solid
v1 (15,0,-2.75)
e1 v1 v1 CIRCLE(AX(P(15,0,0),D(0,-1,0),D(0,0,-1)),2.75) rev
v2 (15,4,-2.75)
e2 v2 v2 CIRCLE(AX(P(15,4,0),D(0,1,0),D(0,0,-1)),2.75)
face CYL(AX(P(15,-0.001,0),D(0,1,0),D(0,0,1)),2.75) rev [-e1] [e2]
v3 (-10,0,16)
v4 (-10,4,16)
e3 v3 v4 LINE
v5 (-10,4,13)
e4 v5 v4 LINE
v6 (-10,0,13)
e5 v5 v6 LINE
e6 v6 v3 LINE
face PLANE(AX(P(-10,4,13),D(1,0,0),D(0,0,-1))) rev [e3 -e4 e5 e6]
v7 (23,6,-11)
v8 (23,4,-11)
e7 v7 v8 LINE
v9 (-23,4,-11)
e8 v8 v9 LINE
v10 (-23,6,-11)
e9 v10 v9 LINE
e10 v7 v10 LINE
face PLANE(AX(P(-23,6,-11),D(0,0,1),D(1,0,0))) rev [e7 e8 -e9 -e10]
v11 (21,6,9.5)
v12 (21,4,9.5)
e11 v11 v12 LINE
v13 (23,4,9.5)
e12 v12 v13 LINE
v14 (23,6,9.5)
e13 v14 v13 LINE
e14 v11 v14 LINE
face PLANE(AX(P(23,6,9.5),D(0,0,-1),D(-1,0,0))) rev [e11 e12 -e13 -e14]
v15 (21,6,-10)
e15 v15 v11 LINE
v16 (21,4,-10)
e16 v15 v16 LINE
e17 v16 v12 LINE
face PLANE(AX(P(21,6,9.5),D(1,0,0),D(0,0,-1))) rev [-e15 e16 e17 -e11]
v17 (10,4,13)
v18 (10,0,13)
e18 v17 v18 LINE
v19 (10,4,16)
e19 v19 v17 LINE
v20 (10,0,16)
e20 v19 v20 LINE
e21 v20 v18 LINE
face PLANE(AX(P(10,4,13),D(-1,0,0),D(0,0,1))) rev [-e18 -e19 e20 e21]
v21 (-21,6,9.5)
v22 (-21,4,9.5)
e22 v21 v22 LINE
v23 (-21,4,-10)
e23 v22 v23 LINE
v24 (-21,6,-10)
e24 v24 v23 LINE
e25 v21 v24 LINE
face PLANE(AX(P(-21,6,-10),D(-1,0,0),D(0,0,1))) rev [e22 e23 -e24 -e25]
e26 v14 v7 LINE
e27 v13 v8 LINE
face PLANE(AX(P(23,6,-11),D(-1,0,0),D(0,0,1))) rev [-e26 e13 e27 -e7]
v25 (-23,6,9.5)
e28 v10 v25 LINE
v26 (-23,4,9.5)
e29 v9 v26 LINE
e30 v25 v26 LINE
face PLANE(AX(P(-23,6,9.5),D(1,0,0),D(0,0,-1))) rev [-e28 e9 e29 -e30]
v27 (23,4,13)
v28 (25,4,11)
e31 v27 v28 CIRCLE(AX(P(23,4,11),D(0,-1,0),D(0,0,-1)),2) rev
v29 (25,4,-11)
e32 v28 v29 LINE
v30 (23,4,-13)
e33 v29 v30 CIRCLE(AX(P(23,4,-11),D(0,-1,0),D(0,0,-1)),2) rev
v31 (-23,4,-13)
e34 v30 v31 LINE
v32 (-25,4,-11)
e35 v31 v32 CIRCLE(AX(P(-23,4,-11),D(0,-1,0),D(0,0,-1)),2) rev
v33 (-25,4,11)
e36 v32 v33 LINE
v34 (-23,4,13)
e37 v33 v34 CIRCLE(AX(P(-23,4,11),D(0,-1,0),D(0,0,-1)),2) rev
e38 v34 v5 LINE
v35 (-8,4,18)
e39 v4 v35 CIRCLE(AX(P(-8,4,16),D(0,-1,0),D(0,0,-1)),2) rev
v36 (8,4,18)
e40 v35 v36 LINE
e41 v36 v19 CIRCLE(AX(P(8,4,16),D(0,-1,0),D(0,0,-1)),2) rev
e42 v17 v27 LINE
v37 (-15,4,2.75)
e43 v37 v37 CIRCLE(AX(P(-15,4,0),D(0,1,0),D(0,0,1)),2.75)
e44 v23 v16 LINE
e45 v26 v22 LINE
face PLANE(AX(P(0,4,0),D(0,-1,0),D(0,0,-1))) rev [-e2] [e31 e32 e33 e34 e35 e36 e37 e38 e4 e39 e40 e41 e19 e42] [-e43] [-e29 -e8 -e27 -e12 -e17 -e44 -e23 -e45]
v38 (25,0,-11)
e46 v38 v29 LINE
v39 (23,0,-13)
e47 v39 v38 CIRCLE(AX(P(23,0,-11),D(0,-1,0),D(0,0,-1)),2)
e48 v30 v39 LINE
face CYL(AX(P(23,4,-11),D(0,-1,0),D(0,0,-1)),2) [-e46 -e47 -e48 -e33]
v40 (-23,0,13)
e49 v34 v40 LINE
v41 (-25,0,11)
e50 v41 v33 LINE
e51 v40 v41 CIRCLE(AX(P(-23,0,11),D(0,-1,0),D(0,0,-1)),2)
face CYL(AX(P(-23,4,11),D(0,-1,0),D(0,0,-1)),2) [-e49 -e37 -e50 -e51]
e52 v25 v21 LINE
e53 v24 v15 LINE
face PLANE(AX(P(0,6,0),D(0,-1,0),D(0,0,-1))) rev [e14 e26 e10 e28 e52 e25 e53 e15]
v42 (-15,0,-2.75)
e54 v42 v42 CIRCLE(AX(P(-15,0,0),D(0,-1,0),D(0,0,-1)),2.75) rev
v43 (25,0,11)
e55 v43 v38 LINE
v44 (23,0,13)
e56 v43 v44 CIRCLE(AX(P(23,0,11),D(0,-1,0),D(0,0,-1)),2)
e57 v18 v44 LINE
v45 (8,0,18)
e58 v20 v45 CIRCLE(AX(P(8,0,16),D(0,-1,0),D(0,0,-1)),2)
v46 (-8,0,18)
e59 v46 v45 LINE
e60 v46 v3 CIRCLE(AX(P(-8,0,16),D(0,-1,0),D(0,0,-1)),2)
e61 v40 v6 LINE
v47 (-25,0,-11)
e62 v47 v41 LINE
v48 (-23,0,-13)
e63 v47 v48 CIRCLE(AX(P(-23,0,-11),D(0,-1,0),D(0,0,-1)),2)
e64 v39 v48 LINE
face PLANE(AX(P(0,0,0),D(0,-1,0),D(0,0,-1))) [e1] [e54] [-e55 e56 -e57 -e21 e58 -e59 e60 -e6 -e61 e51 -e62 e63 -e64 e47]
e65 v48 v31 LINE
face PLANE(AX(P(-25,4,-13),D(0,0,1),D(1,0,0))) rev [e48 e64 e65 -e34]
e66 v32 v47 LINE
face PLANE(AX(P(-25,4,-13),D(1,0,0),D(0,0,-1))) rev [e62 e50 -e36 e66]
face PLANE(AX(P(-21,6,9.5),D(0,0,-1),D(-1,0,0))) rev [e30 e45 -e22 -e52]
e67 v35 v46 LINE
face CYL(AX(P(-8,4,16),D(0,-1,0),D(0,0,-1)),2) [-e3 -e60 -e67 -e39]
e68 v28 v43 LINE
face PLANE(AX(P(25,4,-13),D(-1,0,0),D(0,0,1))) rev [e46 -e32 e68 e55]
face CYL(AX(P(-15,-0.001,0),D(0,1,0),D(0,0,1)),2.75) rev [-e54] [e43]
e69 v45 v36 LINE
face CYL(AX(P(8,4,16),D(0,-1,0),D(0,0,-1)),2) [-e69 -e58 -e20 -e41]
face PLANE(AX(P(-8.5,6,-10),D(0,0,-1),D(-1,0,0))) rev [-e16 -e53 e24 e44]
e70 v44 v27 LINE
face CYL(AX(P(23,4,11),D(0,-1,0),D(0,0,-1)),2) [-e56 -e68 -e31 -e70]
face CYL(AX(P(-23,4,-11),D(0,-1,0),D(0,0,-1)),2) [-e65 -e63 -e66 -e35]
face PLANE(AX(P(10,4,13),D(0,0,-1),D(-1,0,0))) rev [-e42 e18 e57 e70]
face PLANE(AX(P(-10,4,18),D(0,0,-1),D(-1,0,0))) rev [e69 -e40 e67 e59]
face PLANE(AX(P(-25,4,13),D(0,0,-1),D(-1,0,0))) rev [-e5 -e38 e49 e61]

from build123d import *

# Parameters (mm, degrees)
EXTRUDE_1_DEPTH     = 4
FILLET_1_R          = 2
CUT_EXTRUDE_1_REACH = 33.064
SKETCH_3_R          = 2.75
EXTRUDE_2_DEPTH     = 2


with BuildPart() as part:
    # 草图1 → 凸台-拉伸1 (new body)
    with BuildSketch(Plane(origin=(0, 0, 0), x_dir=(1, 0, 0), z_dir=(0, 1, 0))):
        Polygon((-25, 13), (25, 13), (25, -13), (10, -13), (10, -18), (-10, -18), (-10, -13), (-25, -13), align=None)
    extrude(amount=EXTRUDE_1_DEPTH)

    # 圆角1
    fillet_1_edges = [part.edges().sort_by_distance(p)[0] for p in [
        (10, 2, 18),
        (-10, 2, 18),
        (-25, 2, 13),
        (-25, 2, -13),
        (25, 2, -13),
        (25, 2, 13),
    ]]
    fillet(fillet_1_edges, radius=FILLET_1_R)

    # 草图3 → 切除-拉伸1 (cut, up to next)
    with BuildSketch(Plane(origin=(0, 4, 0), x_dir=(1, 0, 0), z_dir=(0, 1, 0)), mode=Mode.PRIVATE) as cut_extrude_1_sk1:
        with Locations(Location((-15, 0, 0), (0, 0, 270))):
            Circle(SKETCH_3_R)
    cut_extrude_1_tool1 = extrude(cut_extrude_1_sk1.sketch, amount=-CUT_EXTRUDE_1_REACH, mode=Mode.PRIVATE) & part.part
    # 草图3 → 切除-拉伸1 (cut, up to next)
    with BuildSketch(Plane(origin=(0, 4, 0), x_dir=(1, 0, 0), z_dir=(0, 1, 0)), mode=Mode.PRIVATE) as cut_extrude_1_sk2:
        with Locations(Location((15, 0, 0), (0, 0, 90))):
            Circle(SKETCH_3_R)
    cut_extrude_1_tool2 = extrude(cut_extrude_1_sk2.sketch, amount=-CUT_EXTRUDE_1_REACH, mode=Mode.PRIVATE) & part.part
    add(cut_extrude_1_tool1.solids().sort_by_distance((-15, 4, 0))[0], mode=Mode.SUBTRACT)
    add(cut_extrude_1_tool2.solids().sort_by_distance((15, 4, 0))[0], mode=Mode.SUBTRACT)

    # 草图4 → 凸台-拉伸2 (add)
    with BuildSketch(Plane(origin=(0, 4, 0), x_dir=(1, 0, 0), z_dir=(0, 1, 0))):
        Polygon((21, -9.5), (21, 9.5), (21, 10), (-8.5, 10), (-20.5, 10), (-21, 10), (-21, 9.5), (-21, -9.5), (-23, -9.5), (-23, 11), (23, 11), (23, -9.5), align=None)
    extrude(amount=EXTRUDE_2_DEPTH)


solid = part.part
